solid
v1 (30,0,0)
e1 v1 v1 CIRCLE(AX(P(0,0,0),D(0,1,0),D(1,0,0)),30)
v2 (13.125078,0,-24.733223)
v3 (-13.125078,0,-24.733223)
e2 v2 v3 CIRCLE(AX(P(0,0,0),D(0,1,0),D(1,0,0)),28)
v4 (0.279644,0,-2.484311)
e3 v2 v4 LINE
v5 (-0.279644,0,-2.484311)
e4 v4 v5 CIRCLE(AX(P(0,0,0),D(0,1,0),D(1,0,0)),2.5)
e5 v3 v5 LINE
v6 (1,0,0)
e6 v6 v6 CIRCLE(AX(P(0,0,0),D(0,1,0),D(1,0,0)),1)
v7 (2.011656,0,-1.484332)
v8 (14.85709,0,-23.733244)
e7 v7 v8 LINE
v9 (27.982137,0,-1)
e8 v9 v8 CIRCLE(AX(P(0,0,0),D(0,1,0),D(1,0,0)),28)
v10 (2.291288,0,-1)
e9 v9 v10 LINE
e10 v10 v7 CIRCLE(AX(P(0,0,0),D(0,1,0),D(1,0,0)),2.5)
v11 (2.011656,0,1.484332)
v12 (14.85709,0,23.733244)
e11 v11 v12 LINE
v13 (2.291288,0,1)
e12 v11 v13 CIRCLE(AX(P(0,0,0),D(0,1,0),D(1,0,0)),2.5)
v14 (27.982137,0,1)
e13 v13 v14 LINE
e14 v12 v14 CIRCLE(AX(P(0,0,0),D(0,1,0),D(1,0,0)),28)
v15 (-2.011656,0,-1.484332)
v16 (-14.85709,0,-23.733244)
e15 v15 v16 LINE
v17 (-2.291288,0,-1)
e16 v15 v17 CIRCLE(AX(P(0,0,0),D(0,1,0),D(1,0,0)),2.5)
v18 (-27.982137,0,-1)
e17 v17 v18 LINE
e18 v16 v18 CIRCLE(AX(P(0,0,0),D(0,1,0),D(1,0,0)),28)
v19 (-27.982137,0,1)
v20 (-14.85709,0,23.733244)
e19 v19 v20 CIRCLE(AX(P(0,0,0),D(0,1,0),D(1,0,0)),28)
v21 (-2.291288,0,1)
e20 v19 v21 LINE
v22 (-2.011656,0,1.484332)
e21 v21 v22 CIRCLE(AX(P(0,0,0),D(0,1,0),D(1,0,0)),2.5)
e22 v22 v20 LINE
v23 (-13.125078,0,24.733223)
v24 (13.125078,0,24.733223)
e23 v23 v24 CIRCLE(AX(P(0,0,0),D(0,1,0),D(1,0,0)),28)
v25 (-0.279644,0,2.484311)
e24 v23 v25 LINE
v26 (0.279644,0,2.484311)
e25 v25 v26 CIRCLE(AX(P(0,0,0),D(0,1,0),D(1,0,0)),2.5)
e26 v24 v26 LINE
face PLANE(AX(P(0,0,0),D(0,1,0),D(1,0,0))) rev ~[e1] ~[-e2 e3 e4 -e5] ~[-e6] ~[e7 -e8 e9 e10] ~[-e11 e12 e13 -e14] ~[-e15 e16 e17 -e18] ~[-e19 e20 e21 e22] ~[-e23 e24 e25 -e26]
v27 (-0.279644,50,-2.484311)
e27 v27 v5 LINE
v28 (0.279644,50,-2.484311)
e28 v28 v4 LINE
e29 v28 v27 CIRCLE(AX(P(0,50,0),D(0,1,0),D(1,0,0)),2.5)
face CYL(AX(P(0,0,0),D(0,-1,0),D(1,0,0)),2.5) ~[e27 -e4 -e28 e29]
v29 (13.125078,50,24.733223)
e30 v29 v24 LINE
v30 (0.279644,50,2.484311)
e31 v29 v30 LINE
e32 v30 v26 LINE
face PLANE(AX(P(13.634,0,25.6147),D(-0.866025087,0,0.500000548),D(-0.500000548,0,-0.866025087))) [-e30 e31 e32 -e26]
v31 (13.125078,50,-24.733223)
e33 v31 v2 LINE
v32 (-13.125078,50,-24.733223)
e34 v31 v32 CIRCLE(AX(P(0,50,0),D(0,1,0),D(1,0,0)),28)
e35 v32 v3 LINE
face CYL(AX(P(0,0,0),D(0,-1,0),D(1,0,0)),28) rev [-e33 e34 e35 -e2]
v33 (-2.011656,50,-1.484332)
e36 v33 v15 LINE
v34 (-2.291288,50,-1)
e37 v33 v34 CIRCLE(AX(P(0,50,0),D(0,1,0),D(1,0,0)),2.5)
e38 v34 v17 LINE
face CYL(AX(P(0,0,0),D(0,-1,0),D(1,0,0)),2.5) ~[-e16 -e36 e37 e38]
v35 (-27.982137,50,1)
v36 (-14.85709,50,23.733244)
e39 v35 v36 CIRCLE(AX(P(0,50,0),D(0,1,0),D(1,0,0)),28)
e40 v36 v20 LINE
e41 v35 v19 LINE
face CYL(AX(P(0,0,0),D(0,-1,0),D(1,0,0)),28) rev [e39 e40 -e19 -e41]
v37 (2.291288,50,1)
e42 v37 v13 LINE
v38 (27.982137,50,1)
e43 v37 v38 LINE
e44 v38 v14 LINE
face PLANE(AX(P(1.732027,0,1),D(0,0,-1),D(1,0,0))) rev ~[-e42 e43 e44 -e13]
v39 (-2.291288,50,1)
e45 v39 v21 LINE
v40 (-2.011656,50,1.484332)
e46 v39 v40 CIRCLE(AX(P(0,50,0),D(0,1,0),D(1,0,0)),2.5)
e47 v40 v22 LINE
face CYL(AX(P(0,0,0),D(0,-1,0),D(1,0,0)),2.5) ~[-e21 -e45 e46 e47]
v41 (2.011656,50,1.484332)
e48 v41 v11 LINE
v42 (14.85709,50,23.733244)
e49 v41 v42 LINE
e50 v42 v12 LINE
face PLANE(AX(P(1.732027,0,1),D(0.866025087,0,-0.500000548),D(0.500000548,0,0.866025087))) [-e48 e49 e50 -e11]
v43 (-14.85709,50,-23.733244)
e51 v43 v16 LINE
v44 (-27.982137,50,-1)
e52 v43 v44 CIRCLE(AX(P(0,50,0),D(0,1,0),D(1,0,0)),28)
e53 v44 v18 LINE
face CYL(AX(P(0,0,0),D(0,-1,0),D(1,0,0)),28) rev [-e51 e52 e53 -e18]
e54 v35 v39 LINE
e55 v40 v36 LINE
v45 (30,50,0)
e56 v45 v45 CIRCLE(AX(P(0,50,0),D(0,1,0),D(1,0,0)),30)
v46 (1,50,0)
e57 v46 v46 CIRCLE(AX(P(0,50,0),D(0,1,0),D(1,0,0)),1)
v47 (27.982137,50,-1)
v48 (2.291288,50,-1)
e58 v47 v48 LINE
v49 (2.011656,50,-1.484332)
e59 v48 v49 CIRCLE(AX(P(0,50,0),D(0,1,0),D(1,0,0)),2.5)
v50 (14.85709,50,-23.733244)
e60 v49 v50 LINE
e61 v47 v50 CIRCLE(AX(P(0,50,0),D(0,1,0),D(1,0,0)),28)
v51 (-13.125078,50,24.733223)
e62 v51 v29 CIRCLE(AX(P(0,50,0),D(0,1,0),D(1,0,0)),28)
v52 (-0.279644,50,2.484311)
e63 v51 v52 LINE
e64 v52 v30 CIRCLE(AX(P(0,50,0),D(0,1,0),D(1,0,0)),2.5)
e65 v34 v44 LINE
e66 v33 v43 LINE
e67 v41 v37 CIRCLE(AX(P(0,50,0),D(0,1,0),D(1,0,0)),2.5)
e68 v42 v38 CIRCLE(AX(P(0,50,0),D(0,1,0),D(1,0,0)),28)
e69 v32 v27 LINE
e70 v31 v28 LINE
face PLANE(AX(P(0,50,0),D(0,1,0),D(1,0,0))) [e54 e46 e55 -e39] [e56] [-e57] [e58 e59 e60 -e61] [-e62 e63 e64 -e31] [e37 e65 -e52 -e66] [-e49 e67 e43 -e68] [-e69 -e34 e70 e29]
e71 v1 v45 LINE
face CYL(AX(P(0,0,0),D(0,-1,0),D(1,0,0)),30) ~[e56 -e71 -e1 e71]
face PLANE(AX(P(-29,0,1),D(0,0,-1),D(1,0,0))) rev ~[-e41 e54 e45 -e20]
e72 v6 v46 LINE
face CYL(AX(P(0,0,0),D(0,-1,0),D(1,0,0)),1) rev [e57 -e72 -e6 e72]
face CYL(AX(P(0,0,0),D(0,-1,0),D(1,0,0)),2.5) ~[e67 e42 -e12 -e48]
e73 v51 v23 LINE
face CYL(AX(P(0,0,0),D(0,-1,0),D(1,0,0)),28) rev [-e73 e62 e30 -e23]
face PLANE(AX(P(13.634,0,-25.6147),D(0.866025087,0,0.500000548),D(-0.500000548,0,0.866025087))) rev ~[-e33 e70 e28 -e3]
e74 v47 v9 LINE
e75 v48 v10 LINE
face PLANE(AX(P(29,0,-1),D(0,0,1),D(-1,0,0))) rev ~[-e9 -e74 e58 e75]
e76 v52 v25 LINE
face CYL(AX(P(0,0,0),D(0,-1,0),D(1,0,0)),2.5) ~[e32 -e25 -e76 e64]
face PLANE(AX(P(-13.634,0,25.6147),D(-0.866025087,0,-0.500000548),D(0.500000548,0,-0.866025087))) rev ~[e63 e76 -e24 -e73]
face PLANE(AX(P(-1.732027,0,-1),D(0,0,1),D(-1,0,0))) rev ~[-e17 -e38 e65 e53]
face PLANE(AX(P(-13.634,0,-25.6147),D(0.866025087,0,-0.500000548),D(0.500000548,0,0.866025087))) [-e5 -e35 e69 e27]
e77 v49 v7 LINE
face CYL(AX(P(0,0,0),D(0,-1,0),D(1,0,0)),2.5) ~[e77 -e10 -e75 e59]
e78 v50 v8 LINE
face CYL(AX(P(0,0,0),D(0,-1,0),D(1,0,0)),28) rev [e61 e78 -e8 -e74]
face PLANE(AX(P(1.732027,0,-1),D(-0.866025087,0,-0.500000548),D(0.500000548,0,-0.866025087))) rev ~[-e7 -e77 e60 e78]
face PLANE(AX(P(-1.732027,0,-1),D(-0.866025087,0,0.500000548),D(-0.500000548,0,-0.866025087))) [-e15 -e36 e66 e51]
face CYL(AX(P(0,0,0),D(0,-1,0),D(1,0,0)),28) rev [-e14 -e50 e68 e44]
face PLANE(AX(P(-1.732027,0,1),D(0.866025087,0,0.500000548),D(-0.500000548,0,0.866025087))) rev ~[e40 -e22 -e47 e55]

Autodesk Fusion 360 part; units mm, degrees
sketch "Sketch1" plane through (0, 0, 0) normal (0, 1, 0) x (1, 0, 0)
  circle A0 centre (0, 0) radius 30
  circle A1 centre (0, 0) radius 1
  circle A2 centre (0, 0) radius 2.5
  circle A3 centre (0, 0) radius 28
  dimension "d1" = 60
  dimension "d2" = 2
  dimension "d3" = 5
  dimension "d4" = 56
extrude "Extrude1" add sketch "Sketch1" along normal blind 50 makes body 1 at (29.8509, 16.6667, 2.987) makes body 2 at (2.4876, 16.6667, 0.2489)
sketch "Sketch2" plane through (0, 0, 0) normal (0, 1, 0) x (1, 0, 0)
  line L0 (-13.634, -25.6147) -> (15.366, 24.6147)
  line L1 (15.366, 24.6147) -> (13.634, 25.6147)
  line L2 (13.634, 25.6147) -> (-15.366, -24.6147)
  line L3 (-15.366, -24.6147) -> (-13.634, -25.6147)
  line L4 (-13.634, -25.6147) -> (13.634, 25.6147) construction
  line L5 (15.366, 24.6147) -> (-15.366, -24.6147) construction
  line L6 (13.634, -25.6147) -> (-15.366, 24.6147)
  line L7 (-15.366, 24.6147) -> (-13.634, 25.6147)
  line L8 (-13.634, 25.6147) -> (15.366, -24.6147)
  line L9 (15.366, -24.6147) -> (13.634, -25.6147)
  line L10 (13.634, -25.6147) -> (-13.634, 25.6147) construction
  line L11 (-15.366, 24.6147) -> (15.366, -24.6147) construction
  line L12 (29, 1) -> (-29, 1)
  line L13 (-29, 1) -> (-29, -1)
  line L14 (-29, -1) -> (29, -1)
  line L15 (29, -1) -> (29, 1)
  line L16 (29, 1) -> (-29, -1) construction
  line L17 (-29, 1) -> (29, -1) construction
  dimension "d7" = 58
  dimension "d8" = 2
  dimension "d9" = 58
  dimension "d10" = 2
  dimension "d11" = 58
  dimension "d12" = 2
extrude "Extrude2" add sketch "Sketch2" along normal blind 50 contours L0 L2 L3 L6 L14 | L0 L6 L8 L9 L14 | L2 L6 L12 L13 L14 | L0 L8 L12 L14 L15 | L0 L1 L2 L8 L12 | L2 L6 L7 L8 L12 bodies 1 2
